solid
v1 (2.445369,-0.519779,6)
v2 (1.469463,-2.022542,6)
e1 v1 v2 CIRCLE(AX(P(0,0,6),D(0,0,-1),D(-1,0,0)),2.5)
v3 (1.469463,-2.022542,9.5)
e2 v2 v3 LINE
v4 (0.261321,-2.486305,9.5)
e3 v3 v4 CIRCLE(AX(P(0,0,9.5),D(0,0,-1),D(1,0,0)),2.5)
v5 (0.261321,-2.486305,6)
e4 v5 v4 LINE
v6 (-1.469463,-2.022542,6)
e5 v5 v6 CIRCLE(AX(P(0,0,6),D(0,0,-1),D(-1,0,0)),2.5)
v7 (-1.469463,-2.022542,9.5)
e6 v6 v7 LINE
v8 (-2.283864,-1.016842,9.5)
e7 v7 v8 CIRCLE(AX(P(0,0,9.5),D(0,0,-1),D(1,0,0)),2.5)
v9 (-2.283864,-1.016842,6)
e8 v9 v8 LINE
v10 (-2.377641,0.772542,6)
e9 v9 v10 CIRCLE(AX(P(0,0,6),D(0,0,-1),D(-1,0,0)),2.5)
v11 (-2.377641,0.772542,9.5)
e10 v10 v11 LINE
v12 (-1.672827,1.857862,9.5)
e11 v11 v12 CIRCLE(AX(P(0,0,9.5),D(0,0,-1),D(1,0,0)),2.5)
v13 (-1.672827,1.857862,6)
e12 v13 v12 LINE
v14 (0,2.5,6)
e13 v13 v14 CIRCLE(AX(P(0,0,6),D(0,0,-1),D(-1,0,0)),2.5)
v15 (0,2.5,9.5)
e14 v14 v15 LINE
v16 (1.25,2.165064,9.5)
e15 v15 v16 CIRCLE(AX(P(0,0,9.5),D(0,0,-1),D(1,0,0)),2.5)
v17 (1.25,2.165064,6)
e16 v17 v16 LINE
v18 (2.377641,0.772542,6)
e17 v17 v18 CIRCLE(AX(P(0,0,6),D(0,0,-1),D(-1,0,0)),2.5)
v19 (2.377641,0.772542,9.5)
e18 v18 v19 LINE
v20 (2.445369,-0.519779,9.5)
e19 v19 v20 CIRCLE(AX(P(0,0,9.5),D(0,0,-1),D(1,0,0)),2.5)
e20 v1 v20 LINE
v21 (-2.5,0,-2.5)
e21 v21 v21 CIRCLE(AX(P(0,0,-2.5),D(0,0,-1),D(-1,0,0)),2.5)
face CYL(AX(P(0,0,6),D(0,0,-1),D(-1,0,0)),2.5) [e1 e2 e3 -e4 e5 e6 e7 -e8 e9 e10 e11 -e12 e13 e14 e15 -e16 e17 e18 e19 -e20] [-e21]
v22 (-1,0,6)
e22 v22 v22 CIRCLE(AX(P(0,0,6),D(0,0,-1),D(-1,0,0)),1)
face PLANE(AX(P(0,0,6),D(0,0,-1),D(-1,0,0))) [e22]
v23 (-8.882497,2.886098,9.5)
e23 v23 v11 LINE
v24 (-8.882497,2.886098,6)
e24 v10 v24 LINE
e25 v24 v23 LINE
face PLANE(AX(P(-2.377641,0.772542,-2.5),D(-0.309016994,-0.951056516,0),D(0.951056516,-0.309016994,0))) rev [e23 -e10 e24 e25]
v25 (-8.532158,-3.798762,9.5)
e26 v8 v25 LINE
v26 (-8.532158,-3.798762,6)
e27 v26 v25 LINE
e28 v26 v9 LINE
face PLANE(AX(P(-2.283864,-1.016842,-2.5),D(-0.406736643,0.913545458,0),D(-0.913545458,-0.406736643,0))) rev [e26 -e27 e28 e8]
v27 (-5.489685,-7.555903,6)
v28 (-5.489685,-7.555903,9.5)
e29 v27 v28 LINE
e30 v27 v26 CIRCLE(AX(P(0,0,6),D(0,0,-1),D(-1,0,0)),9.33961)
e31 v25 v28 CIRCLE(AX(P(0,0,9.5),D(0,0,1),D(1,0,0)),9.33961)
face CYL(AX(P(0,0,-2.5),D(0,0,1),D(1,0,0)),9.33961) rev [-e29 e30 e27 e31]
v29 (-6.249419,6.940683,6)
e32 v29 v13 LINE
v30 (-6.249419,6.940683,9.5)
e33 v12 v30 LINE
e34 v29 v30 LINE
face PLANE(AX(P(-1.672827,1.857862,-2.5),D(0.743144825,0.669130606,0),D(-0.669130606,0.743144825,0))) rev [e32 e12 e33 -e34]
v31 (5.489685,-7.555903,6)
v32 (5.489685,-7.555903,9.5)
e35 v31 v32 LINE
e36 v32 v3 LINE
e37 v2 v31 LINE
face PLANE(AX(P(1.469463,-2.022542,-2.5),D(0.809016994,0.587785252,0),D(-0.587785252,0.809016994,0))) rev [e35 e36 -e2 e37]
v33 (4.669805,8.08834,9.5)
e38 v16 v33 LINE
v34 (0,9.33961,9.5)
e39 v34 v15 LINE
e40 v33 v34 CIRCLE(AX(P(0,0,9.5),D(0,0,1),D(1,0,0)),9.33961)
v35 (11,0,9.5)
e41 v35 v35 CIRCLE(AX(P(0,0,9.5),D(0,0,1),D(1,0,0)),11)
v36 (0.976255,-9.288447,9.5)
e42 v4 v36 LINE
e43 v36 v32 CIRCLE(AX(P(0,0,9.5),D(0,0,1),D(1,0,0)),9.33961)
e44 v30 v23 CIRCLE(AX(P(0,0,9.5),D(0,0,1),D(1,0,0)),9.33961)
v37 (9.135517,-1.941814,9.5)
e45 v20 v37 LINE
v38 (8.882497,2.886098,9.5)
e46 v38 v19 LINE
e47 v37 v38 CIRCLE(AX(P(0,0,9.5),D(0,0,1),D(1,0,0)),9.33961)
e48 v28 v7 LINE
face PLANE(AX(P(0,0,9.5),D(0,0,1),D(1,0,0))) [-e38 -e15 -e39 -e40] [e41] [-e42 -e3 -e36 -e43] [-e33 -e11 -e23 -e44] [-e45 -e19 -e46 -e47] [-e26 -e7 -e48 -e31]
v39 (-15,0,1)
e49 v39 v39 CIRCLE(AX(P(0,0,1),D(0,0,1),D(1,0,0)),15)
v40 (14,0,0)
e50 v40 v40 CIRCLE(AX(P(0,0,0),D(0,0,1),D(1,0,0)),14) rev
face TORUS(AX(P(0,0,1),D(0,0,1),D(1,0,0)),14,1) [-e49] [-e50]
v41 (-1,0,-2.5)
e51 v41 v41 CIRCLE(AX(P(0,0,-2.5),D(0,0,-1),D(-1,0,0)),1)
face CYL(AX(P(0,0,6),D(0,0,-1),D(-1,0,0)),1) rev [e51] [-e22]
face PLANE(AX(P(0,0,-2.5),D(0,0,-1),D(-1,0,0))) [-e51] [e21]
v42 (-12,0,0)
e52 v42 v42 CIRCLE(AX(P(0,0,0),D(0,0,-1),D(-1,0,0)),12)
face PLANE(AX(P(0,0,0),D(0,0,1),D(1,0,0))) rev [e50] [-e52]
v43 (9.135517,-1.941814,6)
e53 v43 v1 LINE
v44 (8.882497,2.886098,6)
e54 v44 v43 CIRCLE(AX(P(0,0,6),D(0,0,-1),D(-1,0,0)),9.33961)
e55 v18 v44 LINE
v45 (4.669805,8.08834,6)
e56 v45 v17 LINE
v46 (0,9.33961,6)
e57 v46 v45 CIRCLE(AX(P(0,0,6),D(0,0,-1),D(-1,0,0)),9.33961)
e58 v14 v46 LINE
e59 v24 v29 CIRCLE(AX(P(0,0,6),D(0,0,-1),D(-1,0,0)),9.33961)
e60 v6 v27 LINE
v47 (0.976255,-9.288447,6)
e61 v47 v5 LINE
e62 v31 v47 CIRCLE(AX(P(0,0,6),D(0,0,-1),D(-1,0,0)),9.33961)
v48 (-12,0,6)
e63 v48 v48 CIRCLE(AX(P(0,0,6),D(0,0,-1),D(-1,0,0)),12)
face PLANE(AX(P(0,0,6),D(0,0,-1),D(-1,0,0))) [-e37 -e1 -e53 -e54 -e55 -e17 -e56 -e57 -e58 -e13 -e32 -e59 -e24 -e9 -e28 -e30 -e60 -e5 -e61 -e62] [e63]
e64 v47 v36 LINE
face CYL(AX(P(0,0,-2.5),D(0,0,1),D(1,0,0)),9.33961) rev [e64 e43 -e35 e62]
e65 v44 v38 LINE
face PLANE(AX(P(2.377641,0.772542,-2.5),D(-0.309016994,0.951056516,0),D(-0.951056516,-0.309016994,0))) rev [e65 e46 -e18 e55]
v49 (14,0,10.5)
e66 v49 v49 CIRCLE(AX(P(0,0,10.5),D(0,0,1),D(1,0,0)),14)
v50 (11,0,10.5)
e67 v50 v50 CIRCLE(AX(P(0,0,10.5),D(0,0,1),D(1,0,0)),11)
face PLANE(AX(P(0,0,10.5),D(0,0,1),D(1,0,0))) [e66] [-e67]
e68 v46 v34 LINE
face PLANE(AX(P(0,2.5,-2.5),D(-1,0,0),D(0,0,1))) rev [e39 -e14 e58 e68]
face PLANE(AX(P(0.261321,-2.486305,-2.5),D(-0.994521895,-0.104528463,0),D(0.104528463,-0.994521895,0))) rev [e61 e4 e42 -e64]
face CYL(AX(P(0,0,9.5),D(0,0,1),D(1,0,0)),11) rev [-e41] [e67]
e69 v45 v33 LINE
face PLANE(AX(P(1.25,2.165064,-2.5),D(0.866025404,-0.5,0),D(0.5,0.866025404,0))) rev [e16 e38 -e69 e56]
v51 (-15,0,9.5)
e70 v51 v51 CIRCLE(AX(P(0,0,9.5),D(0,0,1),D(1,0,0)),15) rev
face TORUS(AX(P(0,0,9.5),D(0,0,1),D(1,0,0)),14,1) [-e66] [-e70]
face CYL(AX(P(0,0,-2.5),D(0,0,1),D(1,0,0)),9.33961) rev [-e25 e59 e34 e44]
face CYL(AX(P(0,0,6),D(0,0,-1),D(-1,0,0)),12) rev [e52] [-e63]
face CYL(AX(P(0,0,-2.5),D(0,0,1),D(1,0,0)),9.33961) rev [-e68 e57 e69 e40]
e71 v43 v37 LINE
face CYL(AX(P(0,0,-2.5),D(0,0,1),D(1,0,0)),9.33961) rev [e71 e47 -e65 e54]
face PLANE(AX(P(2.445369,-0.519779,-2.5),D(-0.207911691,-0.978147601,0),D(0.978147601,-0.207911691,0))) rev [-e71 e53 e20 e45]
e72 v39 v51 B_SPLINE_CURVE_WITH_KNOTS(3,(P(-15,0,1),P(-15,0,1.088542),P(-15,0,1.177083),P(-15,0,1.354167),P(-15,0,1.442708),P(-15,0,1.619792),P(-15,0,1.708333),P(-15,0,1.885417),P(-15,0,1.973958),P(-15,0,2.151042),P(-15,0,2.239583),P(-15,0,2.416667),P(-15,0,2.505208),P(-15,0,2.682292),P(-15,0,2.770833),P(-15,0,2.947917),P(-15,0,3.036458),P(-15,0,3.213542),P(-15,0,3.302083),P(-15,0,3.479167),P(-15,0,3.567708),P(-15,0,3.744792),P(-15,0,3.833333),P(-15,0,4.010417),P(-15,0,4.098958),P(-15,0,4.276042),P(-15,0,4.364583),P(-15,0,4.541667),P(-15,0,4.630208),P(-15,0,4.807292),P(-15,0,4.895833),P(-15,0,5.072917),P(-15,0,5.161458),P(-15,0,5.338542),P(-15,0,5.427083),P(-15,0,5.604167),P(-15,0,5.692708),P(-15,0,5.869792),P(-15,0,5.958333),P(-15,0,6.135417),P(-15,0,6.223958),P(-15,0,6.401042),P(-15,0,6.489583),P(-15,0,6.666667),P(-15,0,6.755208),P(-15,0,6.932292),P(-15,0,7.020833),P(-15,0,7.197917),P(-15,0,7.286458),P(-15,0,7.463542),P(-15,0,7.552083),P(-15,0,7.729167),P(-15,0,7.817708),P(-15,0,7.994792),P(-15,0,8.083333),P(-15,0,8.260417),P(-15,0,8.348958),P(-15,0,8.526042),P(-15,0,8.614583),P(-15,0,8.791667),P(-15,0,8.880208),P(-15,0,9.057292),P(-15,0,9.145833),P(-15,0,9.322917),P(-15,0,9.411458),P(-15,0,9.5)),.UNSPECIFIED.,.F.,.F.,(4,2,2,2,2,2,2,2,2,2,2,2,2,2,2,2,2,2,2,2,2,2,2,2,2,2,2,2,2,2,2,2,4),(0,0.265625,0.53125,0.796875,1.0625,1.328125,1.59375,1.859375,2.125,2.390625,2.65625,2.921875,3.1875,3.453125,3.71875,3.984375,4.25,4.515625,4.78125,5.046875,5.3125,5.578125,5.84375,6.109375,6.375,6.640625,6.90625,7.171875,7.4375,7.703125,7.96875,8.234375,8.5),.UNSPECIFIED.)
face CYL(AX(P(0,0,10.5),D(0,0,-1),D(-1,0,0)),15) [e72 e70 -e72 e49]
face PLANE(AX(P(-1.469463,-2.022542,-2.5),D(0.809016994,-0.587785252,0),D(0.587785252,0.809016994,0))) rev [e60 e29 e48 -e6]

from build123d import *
from build123d.topology import SkipClean

# Parameters (mm, degrees)
SKETCH1_R           = 15
BOSS_EXTRUDE1_DEPTH = 10.5
SKETCH2_R           = 11
CUT_EXTRUDE1_DEPTH  = 1
SKETCH3_R           = 12
SKETCH3_R_2         = 2.5
SKETCH3_R_3         = 1
CUT_EXTRUDE2_DEPTH  = 6
BOSS_EXTRUDE2_START = 2.5
SKETCH3_4_R         = 2.5
SKETCH3_4_R_2       = 1
BOSS_EXTRUDE2_DEPTH = 2.5
FILLET1_R           = 1
CUT_EXTRUDE3_DEPTH  = 25.372115214


with BuildPart() as part:
    # Sketch1 → Boss-Extrude1 (new body)
    with BuildSketch(Plane.XY):
        Circle(SKETCH1_R)
    extrude(amount=BOSS_EXTRUDE1_DEPTH)

    # Sketch2 → Cut-Extrude1 (cut)
    with BuildSketch(Plane.XY.offset(10.5)):
        Circle(SKETCH2_R)
    extrude(amount=-CUT_EXTRUDE1_DEPTH, mode=Mode.SUBTRACT)

    # Sketch3 → Cut-Extrude2 (cut)
    # profile 1 of 2: a face of its own
    with BuildSketch(Plane(origin=(0, 0, 0), x_dir=(-1, 0, 0), z_dir=(0, 0, -1))):
        Circle(SKETCH3_R)
        Circle(SKETCH3_R_2, mode=Mode.SUBTRACT)
    # profile 2 of 2: a face of its own
    with BuildSketch(Plane(origin=(0, 0, 0), x_dir=(-1, 0, 0), z_dir=(0, 0, -1))):
        Circle(SKETCH3_R_3)
    extrude(amount=-CUT_EXTRUDE2_DEPTH, mode=Mode.SUBTRACT)

    # Sketch3<4> → Boss-Extrude2 (add)
    with BuildSketch(Plane(origin=(0, 0, 0), x_dir=(-1, 0, 0), z_dir=(0, 0, -1)).offset(BOSS_EXTRUDE2_START)):
        Circle(SKETCH3_4_R)
        Circle(SKETCH3_4_R_2, mode=Mode.SUBTRACT)
    extrude(amount=-BOSS_EXTRUDE2_DEPTH)

    # Fillet1
    fillet1_edges = [part.edges().sort_by_distance(p)[0] for p in [
        (-15, 0, 0),
        (-15, 0, 10.5),
    ]]
    fillet(fillet1_edges, radius=FILLET1_R)

    # Sketch4 → Cut-Extrude3 (cut, through all)
    with SkipClean():  # the faces are left unmerged after this step: merging them gives an invalid solid
        with BuildSketch(Plane.XY.offset(9.5)):
            with BuildLine():
                Line((0, 2.5), (0, 9.339610027))
                ThreePointArc((0, 9.339610027), (2.417268949, 9.021370532), (4.669805013, 8.088339545))
                Line((4.669805013, 8.088339545), (1.25, 2.165063509))
                ThreePointArc((1.25, 2.165063509), (0.647047613, 2.414814566), (0, 2.5))
            make_face()
            with BuildLine():
                Line((2.377641291, 0.772542486), (8.882496976, 2.886098219))
                ThreePointArc((8.882496976, 2.886098219), (9.326810416, 0.488797422), (9.135517139, -1.941814112))
                Line((9.135517139, -1.941814112), (2.445369002, -0.519779227))
                ThreePointArc((2.445369002, -0.519779227), (2.496573837, 0.130839891), (2.377641291, 0.772542486))
            make_face()
            with BuildLine():
                Line((1.469463131, -2.022542486), (5.489685036, -7.555903232))
                ThreePointArc((5.489685036, -7.555903232), (3.347016895, -8.719277112), (0.976255084, -9.288446666))
                Line((0.976255084, -9.288446666), (0.261321158, -2.486304738))
                ThreePointArc((0.261321158, -2.486304738), (0.895919874, -2.333951066), (1.469463131, -2.022542486))
            make_face()
            with BuildLine():
                Line((-1.469463131, -2.022542486), (-5.489685036, -7.555903232))
                ThreePointArc((-5.489685036, -7.555903232), (-7.258240214, -5.877607034), (-8.532158316, -3.79876163))
                Line((-8.532158316, -3.79876163), (-2.283863644, -1.016841608))
                ThreePointArc((-2.283863644, -1.016841608), (-1.942864904, -1.573300978), (-1.469463131, -2.022542486))
            make_face()
            with BuildLine():
                Line((-2.377641291, 0.772542486), (-8.882496976, 2.886098219))
                ThreePointArc((-8.882496976, 2.886098219), (-7.832856045, 5.086716192), (-6.24941892, 6.940682863))
                Line((-6.24941892, 6.940682863), (-1.672826516, 1.857862064))
                ThreePointArc((-1.672826516, 1.857862064), (-2.09667642, 1.361597588), (-2.377641291, 0.772542486))
            make_face()
        extrude(amount=-CUT_EXTRUDE3_DEPTH, mode=Mode.SUBTRACT)


solid = part.part
